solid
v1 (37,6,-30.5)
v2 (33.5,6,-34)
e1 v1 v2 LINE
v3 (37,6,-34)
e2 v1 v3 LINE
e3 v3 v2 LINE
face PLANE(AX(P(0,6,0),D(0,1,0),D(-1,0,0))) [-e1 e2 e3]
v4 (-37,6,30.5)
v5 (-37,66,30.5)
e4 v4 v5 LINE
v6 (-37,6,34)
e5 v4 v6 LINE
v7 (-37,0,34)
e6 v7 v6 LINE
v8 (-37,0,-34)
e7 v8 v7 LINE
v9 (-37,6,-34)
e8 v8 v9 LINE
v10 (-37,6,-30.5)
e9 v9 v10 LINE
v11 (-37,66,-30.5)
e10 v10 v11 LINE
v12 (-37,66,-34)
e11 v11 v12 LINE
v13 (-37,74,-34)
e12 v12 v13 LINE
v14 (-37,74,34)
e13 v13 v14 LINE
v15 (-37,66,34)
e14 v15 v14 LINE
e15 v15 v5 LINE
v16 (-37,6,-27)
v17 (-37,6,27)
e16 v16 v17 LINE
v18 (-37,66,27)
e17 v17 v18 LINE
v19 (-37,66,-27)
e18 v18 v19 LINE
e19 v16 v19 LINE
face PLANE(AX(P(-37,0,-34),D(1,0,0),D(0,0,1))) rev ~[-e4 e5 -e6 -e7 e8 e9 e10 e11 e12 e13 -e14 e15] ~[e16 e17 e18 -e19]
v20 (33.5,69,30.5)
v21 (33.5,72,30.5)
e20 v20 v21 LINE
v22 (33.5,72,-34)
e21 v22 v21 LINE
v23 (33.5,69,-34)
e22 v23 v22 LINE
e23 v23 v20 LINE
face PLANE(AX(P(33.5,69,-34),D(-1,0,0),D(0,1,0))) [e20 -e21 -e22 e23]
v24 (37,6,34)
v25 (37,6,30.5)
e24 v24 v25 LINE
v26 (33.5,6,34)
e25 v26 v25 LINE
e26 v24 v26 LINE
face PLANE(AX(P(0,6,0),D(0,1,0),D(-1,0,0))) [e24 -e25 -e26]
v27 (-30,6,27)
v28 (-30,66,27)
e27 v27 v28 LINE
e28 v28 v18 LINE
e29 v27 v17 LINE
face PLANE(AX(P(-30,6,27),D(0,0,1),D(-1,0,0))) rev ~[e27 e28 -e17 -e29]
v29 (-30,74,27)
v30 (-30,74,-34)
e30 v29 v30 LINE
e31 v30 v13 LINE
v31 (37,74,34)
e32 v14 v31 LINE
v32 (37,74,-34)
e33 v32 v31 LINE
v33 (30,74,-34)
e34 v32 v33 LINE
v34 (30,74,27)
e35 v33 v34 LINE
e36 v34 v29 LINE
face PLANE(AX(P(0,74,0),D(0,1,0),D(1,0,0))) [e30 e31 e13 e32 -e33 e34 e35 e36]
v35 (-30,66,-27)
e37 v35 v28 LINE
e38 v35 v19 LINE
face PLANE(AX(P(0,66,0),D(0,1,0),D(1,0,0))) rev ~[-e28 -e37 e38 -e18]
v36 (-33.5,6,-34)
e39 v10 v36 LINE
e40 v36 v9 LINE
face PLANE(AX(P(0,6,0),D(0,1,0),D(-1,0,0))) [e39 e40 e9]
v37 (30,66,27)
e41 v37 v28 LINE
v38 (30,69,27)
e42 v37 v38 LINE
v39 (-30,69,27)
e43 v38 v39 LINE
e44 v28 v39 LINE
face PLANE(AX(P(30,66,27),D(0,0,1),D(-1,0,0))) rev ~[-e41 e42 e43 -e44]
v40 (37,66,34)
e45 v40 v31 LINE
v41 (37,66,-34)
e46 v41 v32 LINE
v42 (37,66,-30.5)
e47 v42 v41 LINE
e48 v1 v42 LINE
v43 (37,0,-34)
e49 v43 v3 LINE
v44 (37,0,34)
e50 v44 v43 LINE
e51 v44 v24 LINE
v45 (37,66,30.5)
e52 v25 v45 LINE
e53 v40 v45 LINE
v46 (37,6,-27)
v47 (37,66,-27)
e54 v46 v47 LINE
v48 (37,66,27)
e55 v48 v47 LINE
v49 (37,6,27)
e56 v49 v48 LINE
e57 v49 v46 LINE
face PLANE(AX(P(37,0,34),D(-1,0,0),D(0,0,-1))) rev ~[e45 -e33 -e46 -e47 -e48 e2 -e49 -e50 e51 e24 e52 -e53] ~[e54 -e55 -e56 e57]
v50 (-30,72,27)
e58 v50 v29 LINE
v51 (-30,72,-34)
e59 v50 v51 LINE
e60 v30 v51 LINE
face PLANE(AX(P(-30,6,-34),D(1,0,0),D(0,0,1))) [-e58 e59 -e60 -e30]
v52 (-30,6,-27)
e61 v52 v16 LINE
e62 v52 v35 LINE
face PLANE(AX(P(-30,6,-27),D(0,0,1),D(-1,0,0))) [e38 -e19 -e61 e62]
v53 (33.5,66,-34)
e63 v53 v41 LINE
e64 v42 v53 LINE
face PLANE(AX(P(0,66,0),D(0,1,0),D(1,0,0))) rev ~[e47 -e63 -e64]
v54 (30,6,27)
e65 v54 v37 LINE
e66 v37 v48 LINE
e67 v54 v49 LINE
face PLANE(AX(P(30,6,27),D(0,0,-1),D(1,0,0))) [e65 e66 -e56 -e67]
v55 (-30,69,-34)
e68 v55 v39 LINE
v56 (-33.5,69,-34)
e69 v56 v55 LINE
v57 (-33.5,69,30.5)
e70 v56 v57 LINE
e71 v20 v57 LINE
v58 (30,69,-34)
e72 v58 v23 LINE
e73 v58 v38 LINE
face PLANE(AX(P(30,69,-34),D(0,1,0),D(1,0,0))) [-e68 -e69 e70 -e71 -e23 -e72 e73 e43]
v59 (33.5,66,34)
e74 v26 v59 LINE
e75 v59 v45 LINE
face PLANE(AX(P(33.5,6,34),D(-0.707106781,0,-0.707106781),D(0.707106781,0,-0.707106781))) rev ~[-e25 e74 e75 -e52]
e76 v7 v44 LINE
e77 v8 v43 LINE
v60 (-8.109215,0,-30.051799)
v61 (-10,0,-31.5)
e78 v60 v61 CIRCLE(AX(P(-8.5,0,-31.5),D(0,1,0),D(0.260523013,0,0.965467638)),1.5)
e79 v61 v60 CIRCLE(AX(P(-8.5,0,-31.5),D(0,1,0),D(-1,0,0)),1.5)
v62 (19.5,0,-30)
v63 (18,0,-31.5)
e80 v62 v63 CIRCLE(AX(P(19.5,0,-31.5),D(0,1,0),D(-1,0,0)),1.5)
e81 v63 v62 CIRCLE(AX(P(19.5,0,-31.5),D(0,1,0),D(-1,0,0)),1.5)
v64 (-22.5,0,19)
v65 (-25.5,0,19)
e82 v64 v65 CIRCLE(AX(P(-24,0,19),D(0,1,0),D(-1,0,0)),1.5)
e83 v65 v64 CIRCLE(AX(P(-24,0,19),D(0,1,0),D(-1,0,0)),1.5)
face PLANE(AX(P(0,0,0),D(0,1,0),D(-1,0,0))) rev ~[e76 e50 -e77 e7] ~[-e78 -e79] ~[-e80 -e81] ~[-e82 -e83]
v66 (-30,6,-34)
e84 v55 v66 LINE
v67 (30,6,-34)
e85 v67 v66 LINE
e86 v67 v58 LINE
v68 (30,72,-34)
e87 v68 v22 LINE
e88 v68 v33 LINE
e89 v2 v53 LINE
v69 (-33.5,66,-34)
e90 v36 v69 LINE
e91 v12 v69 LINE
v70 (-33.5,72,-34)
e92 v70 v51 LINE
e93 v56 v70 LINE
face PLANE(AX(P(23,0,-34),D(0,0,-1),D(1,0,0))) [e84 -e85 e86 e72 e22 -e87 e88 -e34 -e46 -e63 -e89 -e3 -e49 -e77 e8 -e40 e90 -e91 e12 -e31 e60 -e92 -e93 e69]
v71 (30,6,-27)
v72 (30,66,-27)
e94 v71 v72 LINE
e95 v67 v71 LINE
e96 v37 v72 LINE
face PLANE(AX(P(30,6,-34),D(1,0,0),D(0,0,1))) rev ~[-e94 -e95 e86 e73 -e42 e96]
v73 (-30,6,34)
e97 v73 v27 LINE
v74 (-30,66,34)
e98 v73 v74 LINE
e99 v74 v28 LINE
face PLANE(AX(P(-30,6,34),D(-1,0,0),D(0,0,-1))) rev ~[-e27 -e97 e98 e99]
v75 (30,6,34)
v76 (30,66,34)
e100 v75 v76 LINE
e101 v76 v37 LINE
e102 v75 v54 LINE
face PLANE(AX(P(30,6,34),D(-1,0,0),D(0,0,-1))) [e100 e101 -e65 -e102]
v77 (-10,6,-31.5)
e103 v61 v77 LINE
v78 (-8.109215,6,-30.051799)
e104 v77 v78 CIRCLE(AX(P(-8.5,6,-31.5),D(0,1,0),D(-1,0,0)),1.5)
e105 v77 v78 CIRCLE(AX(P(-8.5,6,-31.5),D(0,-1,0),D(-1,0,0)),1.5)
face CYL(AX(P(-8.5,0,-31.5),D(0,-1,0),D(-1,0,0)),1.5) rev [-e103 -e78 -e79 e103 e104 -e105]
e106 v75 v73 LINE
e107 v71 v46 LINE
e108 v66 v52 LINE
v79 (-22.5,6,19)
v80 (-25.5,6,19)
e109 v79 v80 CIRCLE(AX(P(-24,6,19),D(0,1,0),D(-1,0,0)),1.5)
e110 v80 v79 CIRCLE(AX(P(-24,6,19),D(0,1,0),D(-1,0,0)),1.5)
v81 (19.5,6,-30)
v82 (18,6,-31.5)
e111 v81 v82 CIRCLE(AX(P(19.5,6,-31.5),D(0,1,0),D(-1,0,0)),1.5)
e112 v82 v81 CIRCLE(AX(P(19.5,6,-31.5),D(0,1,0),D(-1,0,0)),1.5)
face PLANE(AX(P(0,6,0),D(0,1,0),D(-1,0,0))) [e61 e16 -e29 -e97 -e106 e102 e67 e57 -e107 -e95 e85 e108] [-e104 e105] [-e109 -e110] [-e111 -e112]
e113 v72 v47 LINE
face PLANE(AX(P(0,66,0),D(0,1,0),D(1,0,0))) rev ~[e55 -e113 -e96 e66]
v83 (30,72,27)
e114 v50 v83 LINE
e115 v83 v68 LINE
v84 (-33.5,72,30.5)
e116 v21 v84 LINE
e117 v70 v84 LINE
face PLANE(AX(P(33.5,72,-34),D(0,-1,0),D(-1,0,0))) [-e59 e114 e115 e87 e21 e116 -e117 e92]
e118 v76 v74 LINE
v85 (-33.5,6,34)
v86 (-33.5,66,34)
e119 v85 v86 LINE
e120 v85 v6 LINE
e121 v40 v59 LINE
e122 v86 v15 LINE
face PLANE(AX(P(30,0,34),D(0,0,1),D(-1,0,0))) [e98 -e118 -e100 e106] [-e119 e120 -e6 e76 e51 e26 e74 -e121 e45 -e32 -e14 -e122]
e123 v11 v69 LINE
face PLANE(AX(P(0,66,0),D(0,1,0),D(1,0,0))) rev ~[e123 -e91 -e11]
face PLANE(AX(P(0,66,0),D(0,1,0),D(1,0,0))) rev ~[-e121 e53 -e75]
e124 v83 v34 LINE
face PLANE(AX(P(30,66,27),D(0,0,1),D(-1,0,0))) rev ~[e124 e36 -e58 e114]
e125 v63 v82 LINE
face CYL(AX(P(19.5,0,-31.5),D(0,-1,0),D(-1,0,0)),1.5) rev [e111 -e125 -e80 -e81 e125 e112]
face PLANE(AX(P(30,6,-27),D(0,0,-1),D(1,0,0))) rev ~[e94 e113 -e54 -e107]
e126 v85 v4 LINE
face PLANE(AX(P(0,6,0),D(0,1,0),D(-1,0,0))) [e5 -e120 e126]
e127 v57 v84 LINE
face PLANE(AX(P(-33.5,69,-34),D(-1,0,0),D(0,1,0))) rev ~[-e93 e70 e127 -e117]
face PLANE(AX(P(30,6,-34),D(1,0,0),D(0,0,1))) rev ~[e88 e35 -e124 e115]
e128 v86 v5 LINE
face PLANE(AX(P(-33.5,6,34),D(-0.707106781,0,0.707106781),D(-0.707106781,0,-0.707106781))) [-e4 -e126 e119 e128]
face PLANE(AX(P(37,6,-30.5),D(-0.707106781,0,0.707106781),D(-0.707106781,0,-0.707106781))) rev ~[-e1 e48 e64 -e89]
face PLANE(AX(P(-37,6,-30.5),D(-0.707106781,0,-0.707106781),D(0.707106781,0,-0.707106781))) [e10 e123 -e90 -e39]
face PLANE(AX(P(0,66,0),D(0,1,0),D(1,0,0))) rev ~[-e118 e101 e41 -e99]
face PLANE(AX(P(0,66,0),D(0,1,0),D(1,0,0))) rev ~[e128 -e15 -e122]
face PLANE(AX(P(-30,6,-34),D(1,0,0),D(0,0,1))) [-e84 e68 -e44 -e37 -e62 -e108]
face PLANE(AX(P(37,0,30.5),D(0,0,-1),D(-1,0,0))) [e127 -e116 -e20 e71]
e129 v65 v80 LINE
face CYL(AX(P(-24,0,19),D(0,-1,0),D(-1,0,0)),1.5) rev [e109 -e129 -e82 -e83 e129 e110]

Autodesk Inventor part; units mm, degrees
ref_plane "YZ Plane" through (0, 0, 0) normal (1, 0, 0) x (0, 1, 0)
ref_plane "XZ Plane" through (0, 0, 0) normal (0, 1, 0) x (-1, 0, 0)
ref_plane "XY Plane" through (0, 0, 0) normal (0, 0, 1) x (1, 0, 0)
sketch "Sketch1" plane through (0, 0, 0) normal (0, 1, 0) x (-1, 0, 0)
  line L0 (-30, 34) -> (30, 34)
  line L1 (30, 34) -> (30, -34)
  line L2 (30, -34) -> (-30, -34)
  line L3 (-30, -34) -> (-30, 34)
  line L4 (-30, 34) -> (30, -34) construction
  line L5 (30, 34) -> (-30, -34) construction
  line L6 (30, 34) -> (30, 19)
  line L7 (-30, -34) -> (-23, -34)
  line L8 (-30, -34) -> (8.5, -34)
  circle A0 centre (8.5, -31.5) radius 1.5
  circle A1 centre (-19.5, -31.5) radius 1.5
  circle A2 centre (-19.5, -31.5) radius 1.5
  circle A3 centre (24, 19) radius 1.5
  line L9 (24, 19) -> (0, 19)
  line L10 (0, 19) -> (0, 0)
  line L11 (0, 0) -> (8.5, -31.5)
  line L12 (8.5, -31.5) -> (0, -31.5)
  line L13 (-19.5, -31.5) -> (-19.5, 0)
  line L14 (-19.5, 0) -> (0, 0)
  line L15 (30, 34) -> (37, 34)
  line L16 (-37, -34) -> (37, -34)
  line L17 (37, -34) -> (37, 34)
  line L18 (37, 34) -> (-37, 34)
  line L19 (-37, 34) -> (-37, -34)
  line L20 (-37, -34) -> (37, 34) construction
  line L21 (37, -34) -> (-37, 34) construction
  dimension "d0" = 60
  dimension "d1" = 68
  dimension "d3" = 7
  dimension "d5" = 3
  dimension "d6" = 3
  dimension "d7" = 3
  dimension "d10" = 7
  dimension "d11" = 31.5
  dimension "d12" = 19.5
  dimension "d13" = 90
  dimension "d14" = 32.6267
  dimension "d15" = 8.5
  dimension "d16" = 24
extrude "Extrusion1" add sketch "Sketch1" along normal blind 6
sketch "Sketch2" plane through (0, 6, 0) normal (0, 1, 0) x (1, 0, 0)
  circle A0 centre (-24, -19) radius 1.5 projected
  circle A1 centre (19.5, 31.5) radius 1.5 projected
  circle A2 centre (-8.5, 31.5) radius 1.5 projected
  line L0 (37, 34) -> (-37, 34) projected
  line L1 (-37, 34) -> (-37, -34) projected
  line L2 (-37, -34) -> (37, -34) projected
  line L3 (37, -34) -> (37, 34) projected
  line L4 (-37, 34) -> (-37, -34) projected
  line L5 (-33.5, 34) -> (-30, 34)
  line L6 (-30, 34) -> (-30, 27)
  line L7 (-30, 27) -> (-37, 27)
  line L8 (-37, 27) -> (-37, 30.5)
  line L9 (-37, 30.5) -> (-33.5, 34)
  line L10 (37, 34) -> (-37, 34) projected
  line L11 (-37, -34) -> (-30, -34)
  line L12 (-30, -34) -> (-30, -27)
  line L13 (-30, -27) -> (-37, -27)
  line L14 (-37, -27) -> (-37, -30.5)
  line L15 (-37, -34) -> (37, -34) projected
  line L16 (33.5, -34) -> (30, -34)
  line L17 (30, -34) -> (30, -27)
  line L18 (30, -27) -> (37, -27)
  line L19 (37, -27) -> (37, -30.5)
  line L20 (33.5, 34) -> (30, 34)
  line L21 (30, 34) -> (30, 27)
  line L22 (30, 27) -> (37, 27)
  line L23 (37, 27) -> (37, 30.5)
  line L24 (-30, -34) -> (-33.5, -34)
  line L25 (-33.5, -34) -> (-37, -30.5)
  line L26 (-37, -30.5) -> (-37, -27)
  line L27 (33.5, -34) -> (37, -30.5)
  line L28 (37, -34) -> (37, 34) projected
  line L29 (37, -30.5) -> (37, -27)
  line L30 (33.5, -34) -> (30, -34)
  line L31 (37, 27) -> (37, 30.5)
  line L32 (37, 30.5) -> (33.5, 34)
  line L33 (33.5, 34) -> (30, 34)
  point P0 (0, 0)
  dimension "d19" = 7
  dimension "d20" = 7
  dimension "d21" = 7
  dimension "d22" = 7
  dimension "d23" = 7
  dimension "d24" = 7
  dimension "d25" = 7
  dimension "d26" = 7
  dimension "d27" = 3.5
extrude "Extrusion2" add sketch "Sketch2" along normal blind 60 contours L32 L3 L22 L21 L0 | L6 L7 L1 L9 L0 | L3 L27 L2 L17 L18 | L13 L12 L2 L25 L1
sketch "Sketch3" plane through (0, 66, 0) normal (0, 1, 0) x (1, 0, 0)
  line L0 (37, 30.5) -> (33.5, 34) projected
  line L1 (33.5, 34) -> (30, 34) projected
  line L2 (30, 34) -> (30, 27) projected
  line L3 (30, 27) -> (37, 27) projected
  line L4 (37, 27) -> (37, 30.5) projected
  line L5 (37, -30.5) -> (37, -27) projected
  line L6 (37, -27) -> (30, -27) projected
  line L7 (30, -27) -> (30, -34) projected
  line L8 (30, -34) -> (33.5, -34) projected
  line L9 (33.5, -34) -> (37, -30.5) projected
  line L10 (-30, -34) -> (-30, -27) projected
  line L11 (-30, -27) -> (-37, -27) projected
  line L12 (-37, -27) -> (-37, -30.5) projected
  line L13 (-37, -30.5) -> (-33.5, -34) projected
  line L14 (-33.5, -34) -> (-30, -34) projected
  line L15 (-30, 27) -> (-30, 34) projected
  line L16 (-33.5, 34) -> (-37, 30.5) projected
  line L17 (-37, 30.5) -> (-37, 27) projected
  line L18 (-37, 27) -> (-30, 27) projected
  line L19 (-30, 27) -> (-30, 34) projected
  line L20 (-30, 34) -> (-33.5, 34) projected
  line L21 (-37, 34) -> (-30, 34)
  line L22 (-30, 34) -> (-30, -34)
  line L23 (-30, -34) -> (-37, -34)
  line L24 (-37, -34) -> (-37, 34)
  line L25 (30, 34) -> (30, 27) projected
  line L26 (37, -34) -> (30, -34)
  line L27 (30, -34) -> (30, 34)
  line L28 (30, 34) -> (37, 34)
  line L29 (37, 34) -> (37, -34)
  line L30 (-30, -34) -> (-30, -27) projected
  line L31 (37, -27) -> (30, -27) projected
  line L32 (-30, -34) -> (30, -34)
  line L33 (30, -34) -> (30, -27)
  line L34 (30, -27) -> (-30, -27)
  line L35 (-30, -27) -> (-30, -34)
  point P0 (0, 0)
extrude "Extrusion3" add sketch "Sketch3" along normal blind 8
sketch "Sketch4" plane through (37, 0, -34) normal (0, 0, -1) x (-1, 0, 0)
  line L0 (0, 66) -> (0, 74) projected
  line L1 (0, 74) -> (7, 74)
  line L2 (7, 74) -> (7, 66)
  line L3 (7, 66) -> (0, 66)
  line L4 (0, 66) -> (0, 74)
  line L5 (74, 6) -> (74, 66) projected
  line L6 (74, 66) -> (67, 66)
  line L7 (67, 66) -> (67, 74)
  line L8 (67, 74) -> (74, 74)
  line L9 (74, 74) -> (74, 66)
  line L10 (7, 66) -> (7, 69)
  line L11 (7, 66) -> (7, 74) projected
  line L12 (7, 69) -> (3.5, 69)
  line L13 (3.5, 69) -> (3.5, 72)
  line L14 (3.5, 72) -> (7, 72)
  line L15 (7, 72) -> (7, 74)
  line L16 (3.5, 72) -> (7, 72)
  line L17 (7, 72) -> (7, 69)
  line L18 (7, 69) -> (3.5, 69)
  line L19 (3.5, 69) -> (3.5, 72)
  line L20 (67, 6) -> (67, 66) projected
  line L21 (67, 66) -> (67, 69)
  line L22 (67, 66) -> (67, 74) projected
  line L23 (67, 69) -> (70.5, 69)
  line L24 (70.5, 69) -> (70.5, 72)
  line L25 (70.5, 72) -> (67, 72)
  line L26 (67, 72) -> (67, 69)
  line L27 (7, 72) -> (67, 72)
  line L28 (67, 72) -> (67, 69)
  line L29 (67, 69) -> (7, 69)
  line L30 (7, 69) -> (7, 72)
  point P0 (37, 0)
  dimension "d32" = 3
  dimension "d33" = 3
  dimension "d34" = 3
  dimension "d35" = 3.5
  dimension "d36" = 3
extrude "Extrusion4" cut sketch "Sketch4" against normal blind 64.5 contours L12 L13 L14 L2 | L2 L27 L7 L29 | L7 L25 L24 L23
sketch "Sketch5" plane through (37, 0, 34) normal (1, 0, 0) x (0, 0, -1)
  line L0 (0, 0) -> (0, 6) projected
  line L1 (0, 0) -> (5.1764, -19.3185)
  line L2 (0, 0) -> (20, 0) construction
  line L3 (5.1764, -19.3185) -> (25.1764, -19.3185)
  line L4 (5.1764, -19.3185) -> (25.1764, -19.3185) construction
  line L5 (25.1764, -19.3185) -> (34, 0)
  line L6 (29.3317, -3) -> (23.2485, -16.3185)
  line L7 (23.2485, -16.3185) -> (7.4784, -16.3185)
  line L8 (7.4784, -16.3185) -> (3.9097, -3)
  line L9 (3.9097, -3) -> (20, -3)
  line L10 (20, -3) -> (29.3317, -3)
  dimension "d39" = 20
  dimension "d40" = 75
  dimension "d41" = 20
  dimension "d42" = 0
  dimension "d43" = 3
sketch "Sketch6" plane through (37, 0, 34) normal (1, 0, 0) x (0, 0, -1)
  line L0 (68, 0) -> (68, 6) projected
  line L1 (68, 0) -> (28, 0)
  line L2 (28, 0) -> (28, -13)
  line L3 (28, -13) -> (68, -13)
  line L4 (66, -11) -> (30, -11)
  line L5 (30, -11) -> (30, -2)
  line L6 (30, -2) -> (66, -2)
  line L7 (68, -13) -> (68, -11)
  line L8 (68, -2) -> (68, 0)
  line L9 (66, -11) -> (68, -11)
  line L10 (66, -2) -> (68, -2)
  point P0 (34, 0)
  dimension "d44" = 40
  dimension "d45" = 13
  dimension "d46" = 2
properties part number "Main_Body_Wheel"
